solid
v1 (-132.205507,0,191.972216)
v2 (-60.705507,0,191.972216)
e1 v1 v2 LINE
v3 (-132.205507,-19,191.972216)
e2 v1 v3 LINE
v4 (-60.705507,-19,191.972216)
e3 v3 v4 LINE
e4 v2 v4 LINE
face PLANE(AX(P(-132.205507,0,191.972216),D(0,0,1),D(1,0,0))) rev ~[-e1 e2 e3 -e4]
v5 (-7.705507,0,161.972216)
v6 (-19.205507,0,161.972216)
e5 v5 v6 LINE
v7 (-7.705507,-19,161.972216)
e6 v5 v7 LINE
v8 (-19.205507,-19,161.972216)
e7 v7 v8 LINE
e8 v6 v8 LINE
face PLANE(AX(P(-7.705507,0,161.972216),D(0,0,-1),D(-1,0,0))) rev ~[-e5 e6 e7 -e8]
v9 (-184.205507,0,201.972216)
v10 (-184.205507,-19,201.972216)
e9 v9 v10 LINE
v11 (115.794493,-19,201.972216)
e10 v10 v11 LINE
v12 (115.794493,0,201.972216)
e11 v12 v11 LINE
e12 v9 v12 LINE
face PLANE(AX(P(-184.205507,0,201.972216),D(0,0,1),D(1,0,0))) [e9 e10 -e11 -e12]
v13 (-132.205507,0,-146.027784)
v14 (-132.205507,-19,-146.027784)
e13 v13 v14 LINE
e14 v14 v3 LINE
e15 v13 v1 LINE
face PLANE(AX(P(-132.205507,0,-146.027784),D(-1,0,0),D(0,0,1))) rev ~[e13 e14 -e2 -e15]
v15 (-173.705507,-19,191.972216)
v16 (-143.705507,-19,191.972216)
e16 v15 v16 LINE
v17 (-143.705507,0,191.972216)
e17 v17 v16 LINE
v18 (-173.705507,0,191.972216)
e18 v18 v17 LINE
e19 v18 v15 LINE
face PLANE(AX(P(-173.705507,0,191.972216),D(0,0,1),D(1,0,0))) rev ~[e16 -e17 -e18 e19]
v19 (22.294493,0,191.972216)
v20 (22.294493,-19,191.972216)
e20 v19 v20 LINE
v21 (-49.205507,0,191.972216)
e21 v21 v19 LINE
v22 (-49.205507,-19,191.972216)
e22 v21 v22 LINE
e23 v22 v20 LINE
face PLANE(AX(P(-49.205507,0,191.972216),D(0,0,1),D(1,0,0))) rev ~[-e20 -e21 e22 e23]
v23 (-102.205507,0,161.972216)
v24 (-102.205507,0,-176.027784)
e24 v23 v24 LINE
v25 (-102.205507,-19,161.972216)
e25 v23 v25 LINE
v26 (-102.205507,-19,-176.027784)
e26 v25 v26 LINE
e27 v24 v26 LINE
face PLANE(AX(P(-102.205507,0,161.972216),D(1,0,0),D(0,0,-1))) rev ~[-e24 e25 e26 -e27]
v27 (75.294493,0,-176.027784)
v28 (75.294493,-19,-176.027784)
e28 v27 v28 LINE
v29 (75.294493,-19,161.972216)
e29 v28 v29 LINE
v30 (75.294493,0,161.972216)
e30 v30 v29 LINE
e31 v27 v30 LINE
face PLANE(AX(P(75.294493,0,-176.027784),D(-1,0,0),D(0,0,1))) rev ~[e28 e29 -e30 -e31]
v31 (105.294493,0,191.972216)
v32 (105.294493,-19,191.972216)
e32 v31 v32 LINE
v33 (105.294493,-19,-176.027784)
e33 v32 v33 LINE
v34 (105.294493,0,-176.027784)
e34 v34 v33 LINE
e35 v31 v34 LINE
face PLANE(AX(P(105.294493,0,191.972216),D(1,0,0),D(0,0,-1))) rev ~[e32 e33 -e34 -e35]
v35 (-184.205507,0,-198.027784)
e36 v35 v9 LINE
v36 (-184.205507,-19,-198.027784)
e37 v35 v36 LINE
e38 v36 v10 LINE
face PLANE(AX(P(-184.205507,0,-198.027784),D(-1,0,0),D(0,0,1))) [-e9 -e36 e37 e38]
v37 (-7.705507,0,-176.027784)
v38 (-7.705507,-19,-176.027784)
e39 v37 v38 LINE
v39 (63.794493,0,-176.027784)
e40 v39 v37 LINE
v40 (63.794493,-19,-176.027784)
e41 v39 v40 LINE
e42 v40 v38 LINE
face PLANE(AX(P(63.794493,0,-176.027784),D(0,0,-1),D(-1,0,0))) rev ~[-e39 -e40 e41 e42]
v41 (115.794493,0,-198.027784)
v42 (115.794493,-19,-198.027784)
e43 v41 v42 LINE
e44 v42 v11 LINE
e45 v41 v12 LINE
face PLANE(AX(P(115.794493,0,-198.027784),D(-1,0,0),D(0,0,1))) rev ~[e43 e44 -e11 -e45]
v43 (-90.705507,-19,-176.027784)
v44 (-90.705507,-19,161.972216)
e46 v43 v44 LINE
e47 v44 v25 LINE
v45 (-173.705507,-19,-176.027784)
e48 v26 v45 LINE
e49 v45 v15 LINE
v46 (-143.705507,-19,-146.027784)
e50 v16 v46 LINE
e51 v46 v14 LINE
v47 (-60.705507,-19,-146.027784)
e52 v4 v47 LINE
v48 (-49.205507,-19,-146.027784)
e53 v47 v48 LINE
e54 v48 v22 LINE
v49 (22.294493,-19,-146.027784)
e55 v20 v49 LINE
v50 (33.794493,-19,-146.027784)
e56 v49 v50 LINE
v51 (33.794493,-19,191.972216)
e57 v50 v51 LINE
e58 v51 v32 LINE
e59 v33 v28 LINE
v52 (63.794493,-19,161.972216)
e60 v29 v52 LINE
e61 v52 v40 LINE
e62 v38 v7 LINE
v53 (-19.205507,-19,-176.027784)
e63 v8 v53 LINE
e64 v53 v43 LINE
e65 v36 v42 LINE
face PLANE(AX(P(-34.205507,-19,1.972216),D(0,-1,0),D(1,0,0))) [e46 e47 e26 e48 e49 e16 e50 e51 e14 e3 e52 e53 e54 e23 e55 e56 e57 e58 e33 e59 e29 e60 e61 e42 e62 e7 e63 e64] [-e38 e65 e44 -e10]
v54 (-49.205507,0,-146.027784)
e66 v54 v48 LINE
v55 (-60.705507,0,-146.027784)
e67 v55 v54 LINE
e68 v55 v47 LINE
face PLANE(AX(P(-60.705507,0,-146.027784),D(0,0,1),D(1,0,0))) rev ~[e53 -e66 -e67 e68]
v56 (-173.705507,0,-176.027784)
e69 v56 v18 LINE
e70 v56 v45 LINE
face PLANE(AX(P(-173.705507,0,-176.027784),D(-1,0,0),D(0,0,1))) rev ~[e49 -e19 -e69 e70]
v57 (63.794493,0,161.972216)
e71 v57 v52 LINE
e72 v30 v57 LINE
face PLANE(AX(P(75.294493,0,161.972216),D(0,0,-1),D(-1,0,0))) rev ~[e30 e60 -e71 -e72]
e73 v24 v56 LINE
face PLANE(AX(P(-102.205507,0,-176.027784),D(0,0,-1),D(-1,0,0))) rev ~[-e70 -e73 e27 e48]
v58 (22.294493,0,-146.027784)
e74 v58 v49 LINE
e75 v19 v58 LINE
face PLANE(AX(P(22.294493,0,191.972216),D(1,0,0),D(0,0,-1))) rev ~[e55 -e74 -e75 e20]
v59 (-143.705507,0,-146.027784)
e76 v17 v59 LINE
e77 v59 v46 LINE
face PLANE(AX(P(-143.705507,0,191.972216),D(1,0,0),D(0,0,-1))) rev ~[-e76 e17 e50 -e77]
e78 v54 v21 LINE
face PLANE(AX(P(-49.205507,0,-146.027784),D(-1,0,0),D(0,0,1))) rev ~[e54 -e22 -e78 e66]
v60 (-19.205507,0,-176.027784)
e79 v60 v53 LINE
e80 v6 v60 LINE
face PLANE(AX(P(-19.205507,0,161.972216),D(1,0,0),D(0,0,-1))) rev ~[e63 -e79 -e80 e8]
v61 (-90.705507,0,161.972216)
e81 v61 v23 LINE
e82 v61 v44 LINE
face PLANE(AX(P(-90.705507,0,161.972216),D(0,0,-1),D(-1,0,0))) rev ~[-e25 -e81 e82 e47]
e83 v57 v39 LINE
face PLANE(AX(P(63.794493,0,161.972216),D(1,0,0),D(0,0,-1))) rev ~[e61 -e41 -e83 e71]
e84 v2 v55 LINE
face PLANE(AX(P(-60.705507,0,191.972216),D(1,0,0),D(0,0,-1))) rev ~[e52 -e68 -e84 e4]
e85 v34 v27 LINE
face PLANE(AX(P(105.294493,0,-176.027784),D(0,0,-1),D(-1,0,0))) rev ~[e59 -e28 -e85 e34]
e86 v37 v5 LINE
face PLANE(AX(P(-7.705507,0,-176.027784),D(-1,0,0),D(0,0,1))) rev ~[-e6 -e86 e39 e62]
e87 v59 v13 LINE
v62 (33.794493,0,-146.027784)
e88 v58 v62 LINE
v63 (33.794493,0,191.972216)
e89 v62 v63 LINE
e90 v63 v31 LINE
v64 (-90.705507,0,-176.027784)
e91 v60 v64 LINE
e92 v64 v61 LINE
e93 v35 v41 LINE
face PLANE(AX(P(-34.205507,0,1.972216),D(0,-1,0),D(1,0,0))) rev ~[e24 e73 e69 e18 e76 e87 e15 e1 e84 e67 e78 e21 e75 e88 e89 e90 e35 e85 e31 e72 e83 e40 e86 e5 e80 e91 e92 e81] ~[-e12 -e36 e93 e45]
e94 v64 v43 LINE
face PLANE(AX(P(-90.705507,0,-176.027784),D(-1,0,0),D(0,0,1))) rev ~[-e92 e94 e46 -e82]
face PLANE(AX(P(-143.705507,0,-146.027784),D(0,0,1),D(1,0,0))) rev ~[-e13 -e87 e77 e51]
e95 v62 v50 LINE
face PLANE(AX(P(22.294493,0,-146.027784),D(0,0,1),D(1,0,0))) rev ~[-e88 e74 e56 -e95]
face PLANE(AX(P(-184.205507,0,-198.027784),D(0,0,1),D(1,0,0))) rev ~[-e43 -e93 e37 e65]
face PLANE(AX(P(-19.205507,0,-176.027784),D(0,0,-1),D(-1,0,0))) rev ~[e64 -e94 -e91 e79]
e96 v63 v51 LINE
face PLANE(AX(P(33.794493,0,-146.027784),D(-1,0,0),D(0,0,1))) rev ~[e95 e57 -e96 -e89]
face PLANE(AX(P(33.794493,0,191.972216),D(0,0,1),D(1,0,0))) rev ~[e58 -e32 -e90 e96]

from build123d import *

# Parameters (mm, degrees)
F0_W     = 300
F0_H     = 400
F1_DEPTH = 19
F3_DEPTH = 19


with BuildPart() as f1:
    # F0 (on Front) → F1 (new body)
    with BuildSketch(Plane.XZ):
        with Locations((-34.205507, 1.972216)):
            Rectangle(F0_W, F0_H)
    extrude(amount=F1_DEPTH)

    # F2 (on face) → F3 (cut)
    with BuildSketch(Plane(origin=(0, 0, 0), x_dir=(-1, 0, 0), z_dir=(0, 1, 0))):
        Polygon((-105.294493, 191.972216), (-105.294493, -176.027784), (-75.294493, -176.027784), (-75.294493, 161.972216), (-63.794493, 161.972216), (-63.794493, -176.027784), (7.705507, -176.027784), (7.705507, 161.972216), (19.205507, 161.972216), (19.205507, -176.027784), (90.705507, -176.027784), (90.705507, 161.972216), (102.205507, 161.972216), (102.205507, -176.027784), (173.705507, -176.027784), (173.705507, 191.972216), (143.705507, 191.972216), (143.705507, -146.027784), (132.205507, -146.027784), (132.205507, 191.972216), (60.705507, 191.972216), (60.705507, -146.027784), (49.205507, -146.027784), (49.205507, 191.972216), (-22.294493, 191.972216), (-22.294493, -146.027784), (-33.794493, -146.027784), (-33.794493, 191.972216), align=None)
    extrude(amount=-F3_DEPTH, mode=Mode.SUBTRACT)


solid = f1.part
